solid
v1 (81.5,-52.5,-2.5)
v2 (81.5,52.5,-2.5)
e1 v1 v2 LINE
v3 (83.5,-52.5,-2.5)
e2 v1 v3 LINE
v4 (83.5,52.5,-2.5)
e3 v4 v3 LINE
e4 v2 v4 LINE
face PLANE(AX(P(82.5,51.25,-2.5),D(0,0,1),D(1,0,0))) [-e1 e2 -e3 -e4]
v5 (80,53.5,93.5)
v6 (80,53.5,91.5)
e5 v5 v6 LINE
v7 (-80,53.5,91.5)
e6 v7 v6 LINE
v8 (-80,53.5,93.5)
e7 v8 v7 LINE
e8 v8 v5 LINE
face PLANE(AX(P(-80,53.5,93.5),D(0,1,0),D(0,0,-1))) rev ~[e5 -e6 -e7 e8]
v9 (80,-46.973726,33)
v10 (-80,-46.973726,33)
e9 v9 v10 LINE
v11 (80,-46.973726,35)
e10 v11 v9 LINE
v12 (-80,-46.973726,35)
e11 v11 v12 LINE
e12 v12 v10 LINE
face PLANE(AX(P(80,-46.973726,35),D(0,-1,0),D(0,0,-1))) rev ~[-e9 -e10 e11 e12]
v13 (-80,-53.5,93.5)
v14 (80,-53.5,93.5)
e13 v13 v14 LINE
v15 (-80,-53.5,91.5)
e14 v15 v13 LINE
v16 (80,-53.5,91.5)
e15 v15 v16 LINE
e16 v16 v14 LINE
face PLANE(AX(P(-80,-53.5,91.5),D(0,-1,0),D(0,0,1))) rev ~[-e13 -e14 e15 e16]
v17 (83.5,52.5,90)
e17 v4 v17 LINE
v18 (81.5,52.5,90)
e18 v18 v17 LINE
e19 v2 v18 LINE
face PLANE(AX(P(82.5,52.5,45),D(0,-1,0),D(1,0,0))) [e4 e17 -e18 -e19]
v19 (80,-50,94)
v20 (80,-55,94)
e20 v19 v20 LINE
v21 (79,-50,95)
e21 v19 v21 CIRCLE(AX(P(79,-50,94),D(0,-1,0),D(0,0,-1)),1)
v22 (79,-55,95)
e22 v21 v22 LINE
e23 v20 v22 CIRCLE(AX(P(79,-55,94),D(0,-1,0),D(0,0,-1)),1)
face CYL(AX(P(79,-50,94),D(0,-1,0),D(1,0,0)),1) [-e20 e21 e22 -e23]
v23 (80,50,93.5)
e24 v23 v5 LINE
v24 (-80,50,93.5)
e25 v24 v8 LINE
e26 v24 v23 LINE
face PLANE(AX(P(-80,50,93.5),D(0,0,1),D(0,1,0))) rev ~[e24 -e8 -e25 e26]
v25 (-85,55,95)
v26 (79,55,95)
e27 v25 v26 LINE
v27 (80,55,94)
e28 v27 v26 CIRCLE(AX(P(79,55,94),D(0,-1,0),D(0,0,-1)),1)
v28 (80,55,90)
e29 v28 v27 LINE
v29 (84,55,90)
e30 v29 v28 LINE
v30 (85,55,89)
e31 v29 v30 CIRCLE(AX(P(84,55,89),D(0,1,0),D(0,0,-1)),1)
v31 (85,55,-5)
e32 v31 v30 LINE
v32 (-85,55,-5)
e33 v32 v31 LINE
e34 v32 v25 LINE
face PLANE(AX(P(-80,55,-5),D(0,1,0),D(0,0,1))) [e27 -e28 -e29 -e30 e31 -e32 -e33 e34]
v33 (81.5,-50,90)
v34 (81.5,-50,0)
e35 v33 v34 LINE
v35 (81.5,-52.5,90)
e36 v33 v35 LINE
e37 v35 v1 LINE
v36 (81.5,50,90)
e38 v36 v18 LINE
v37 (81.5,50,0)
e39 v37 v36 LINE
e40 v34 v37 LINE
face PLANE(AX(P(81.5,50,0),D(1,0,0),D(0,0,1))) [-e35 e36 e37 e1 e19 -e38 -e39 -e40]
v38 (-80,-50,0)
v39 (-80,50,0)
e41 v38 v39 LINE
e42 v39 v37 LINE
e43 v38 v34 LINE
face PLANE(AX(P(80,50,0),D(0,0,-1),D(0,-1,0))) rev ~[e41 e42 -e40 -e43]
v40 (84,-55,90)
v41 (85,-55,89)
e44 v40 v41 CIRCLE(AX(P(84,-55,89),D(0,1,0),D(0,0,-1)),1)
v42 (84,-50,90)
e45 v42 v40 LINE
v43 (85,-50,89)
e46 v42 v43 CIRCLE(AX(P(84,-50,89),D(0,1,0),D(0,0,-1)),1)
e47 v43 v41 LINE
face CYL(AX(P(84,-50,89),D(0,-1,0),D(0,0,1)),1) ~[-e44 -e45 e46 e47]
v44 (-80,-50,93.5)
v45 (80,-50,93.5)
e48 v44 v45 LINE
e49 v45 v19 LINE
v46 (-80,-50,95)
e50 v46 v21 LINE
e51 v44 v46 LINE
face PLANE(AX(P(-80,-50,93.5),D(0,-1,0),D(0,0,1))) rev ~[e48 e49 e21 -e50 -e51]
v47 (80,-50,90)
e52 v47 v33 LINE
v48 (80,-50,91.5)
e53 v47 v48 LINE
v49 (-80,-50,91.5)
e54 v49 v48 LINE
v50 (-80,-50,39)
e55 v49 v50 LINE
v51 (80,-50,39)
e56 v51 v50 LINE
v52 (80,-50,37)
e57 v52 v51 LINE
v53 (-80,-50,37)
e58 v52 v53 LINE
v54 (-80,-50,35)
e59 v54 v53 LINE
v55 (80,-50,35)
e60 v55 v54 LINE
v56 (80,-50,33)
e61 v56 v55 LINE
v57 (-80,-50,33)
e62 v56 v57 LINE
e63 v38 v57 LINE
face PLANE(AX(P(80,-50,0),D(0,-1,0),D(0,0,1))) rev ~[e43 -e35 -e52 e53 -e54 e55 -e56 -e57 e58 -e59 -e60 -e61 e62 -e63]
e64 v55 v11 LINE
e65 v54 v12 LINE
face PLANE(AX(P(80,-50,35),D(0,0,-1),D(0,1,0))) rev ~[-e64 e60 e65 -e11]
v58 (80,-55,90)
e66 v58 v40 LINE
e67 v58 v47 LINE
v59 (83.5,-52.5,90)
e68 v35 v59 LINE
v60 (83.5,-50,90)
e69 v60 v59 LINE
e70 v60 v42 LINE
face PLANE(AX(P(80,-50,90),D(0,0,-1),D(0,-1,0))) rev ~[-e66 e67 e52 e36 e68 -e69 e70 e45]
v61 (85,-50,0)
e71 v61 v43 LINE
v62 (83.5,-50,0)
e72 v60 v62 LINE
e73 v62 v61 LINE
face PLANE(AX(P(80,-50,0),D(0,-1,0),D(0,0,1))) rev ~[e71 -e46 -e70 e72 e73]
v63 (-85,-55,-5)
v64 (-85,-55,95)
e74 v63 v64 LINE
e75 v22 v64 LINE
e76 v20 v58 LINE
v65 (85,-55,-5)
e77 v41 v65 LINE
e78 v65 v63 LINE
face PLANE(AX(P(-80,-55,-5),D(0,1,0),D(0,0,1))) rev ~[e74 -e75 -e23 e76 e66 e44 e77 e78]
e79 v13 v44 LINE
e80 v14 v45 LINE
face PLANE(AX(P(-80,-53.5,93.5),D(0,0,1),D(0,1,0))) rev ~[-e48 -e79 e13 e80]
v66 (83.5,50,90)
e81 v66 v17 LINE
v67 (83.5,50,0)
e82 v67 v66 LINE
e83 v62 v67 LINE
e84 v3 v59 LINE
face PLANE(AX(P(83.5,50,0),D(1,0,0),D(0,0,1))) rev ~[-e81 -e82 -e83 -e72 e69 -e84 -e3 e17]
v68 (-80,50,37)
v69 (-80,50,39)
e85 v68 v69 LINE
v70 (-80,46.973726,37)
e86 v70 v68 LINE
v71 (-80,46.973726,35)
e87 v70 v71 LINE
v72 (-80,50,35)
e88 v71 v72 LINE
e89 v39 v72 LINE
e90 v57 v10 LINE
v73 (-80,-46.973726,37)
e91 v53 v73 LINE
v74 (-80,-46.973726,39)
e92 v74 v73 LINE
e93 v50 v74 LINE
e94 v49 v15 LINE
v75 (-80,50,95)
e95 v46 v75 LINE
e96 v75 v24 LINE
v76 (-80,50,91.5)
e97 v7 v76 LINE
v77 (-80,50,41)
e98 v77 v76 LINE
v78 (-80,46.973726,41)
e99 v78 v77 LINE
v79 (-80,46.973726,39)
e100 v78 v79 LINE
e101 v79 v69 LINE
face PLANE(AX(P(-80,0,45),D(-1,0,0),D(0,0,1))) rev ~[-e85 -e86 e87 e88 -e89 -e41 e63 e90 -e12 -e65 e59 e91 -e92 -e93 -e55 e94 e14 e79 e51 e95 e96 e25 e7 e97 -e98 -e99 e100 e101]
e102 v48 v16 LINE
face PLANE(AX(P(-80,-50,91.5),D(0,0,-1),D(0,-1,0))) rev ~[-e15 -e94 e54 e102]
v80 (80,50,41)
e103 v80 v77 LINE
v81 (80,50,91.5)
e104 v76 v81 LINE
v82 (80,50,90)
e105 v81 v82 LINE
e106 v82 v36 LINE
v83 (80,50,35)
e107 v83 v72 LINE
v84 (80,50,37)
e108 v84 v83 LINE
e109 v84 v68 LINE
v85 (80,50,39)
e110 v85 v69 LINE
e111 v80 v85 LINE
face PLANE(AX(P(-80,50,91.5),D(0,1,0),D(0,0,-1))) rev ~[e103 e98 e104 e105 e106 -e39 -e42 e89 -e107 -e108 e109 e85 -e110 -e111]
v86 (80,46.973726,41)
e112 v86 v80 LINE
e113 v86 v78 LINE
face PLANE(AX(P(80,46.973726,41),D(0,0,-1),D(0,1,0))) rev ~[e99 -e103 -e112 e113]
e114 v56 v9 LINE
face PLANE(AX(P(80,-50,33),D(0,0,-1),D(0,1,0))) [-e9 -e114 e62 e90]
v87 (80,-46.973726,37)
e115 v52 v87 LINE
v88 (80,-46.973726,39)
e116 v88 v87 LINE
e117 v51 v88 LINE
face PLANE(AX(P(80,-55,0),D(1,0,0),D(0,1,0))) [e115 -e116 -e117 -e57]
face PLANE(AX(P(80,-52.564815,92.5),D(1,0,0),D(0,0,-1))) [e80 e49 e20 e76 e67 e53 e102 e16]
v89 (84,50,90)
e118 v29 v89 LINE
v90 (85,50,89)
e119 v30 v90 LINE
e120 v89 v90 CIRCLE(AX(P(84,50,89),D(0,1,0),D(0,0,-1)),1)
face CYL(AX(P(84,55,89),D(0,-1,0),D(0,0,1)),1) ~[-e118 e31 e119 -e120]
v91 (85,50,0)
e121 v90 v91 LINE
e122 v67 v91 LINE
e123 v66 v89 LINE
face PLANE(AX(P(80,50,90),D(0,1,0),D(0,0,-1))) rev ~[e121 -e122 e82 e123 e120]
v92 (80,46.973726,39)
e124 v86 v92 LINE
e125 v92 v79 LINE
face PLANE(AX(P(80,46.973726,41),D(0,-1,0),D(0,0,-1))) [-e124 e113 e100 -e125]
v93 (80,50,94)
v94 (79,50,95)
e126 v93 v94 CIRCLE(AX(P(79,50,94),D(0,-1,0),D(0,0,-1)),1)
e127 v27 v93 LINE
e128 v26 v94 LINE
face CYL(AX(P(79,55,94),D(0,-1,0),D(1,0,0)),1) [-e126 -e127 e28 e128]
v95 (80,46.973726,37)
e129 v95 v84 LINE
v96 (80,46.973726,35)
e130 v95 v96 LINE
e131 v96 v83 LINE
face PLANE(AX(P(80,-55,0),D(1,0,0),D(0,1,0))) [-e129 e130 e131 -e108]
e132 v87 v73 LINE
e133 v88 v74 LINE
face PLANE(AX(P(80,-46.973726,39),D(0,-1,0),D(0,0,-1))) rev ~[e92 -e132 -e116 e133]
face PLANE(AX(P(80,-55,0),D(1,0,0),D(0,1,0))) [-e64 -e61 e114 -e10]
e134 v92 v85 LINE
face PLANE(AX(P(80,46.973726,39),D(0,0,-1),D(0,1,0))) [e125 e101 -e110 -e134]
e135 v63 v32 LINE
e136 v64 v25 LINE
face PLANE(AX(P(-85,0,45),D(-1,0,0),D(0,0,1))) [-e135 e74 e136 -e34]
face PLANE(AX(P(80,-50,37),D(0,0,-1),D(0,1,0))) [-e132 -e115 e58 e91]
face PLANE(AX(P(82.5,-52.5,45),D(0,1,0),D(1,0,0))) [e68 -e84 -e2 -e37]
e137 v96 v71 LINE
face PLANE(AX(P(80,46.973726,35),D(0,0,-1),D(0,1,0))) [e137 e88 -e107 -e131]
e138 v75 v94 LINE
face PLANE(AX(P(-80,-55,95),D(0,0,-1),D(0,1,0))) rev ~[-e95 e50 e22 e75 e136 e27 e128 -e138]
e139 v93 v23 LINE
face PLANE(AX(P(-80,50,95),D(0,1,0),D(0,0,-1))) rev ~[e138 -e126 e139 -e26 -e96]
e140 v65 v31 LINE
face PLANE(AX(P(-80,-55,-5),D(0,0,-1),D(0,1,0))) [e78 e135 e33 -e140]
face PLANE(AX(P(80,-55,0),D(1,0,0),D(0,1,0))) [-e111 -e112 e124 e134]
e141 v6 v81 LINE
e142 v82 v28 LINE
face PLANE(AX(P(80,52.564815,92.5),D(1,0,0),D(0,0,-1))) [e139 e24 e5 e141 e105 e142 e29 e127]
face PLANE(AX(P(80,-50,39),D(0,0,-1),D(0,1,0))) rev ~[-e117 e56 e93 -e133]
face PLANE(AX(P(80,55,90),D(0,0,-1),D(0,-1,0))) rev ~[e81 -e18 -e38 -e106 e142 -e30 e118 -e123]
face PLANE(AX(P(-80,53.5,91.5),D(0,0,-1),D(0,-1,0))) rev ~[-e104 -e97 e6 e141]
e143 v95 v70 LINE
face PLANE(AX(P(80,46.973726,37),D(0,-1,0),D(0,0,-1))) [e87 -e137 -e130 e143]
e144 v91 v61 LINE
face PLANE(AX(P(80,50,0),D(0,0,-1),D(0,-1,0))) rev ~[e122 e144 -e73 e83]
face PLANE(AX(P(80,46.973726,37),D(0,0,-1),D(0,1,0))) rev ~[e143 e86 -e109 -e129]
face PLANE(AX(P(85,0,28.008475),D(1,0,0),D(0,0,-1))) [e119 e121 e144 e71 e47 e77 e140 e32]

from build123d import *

# Parameters (mm, degrees)
BOSS_EXTRUDE1_DEPTH   = 90
BOSS_EXTRUDE1_2_DEPTH = 90
SKETCH3_W             = 2
SKETCH3_H             = 3.026273801
EXTRUDE_THIN1_DEPTH   = 160
SKETCH5_W             = 160
SKETCH5_H             = 110
BOSS_EXTRUDE2_DEPTH   = 5
BOSS_EXTRUDE3_DEPTH   = 5
SKETCH7_W             = 2
SKETCH7_H             = 100
CUT_EXTRUDE1_DEPTH    = 2.5
SKETCH8_W             = 2
SKETCH8_H             = 90
CUT_EXTRUDE2_DEPTH    = 2.5
SKETCH9_W             = 2
SKETCH9_H             = 90
CUT_EXTRUDE3_DEPTH    = 2.5
SKETCH10_W            = 2
SKETCH10_H            = 2.5
CUT_EXTRUDE4_DEPTH    = 2.5
BOSS_EXTRUDE4_DEPTH   = 160
SKETCH12_W            = 100
SKETCH12_H            = 110
BOSS_EXTRUDE5_DEPTH   = 5
FILLET1_R             = 1


with BuildPart() as part:
    # Sketch2 → Boss-Extrude1 (new body)
    with BuildSketch(Plane.XY):
        Polygon((80, 55), (-80, 55), (-80, 50), (-75, 50), (75, 50), (80, 50), align=None)
    extrude(amount=BOSS_EXTRUDE1_DEPTH)



with BuildPart() as body_2:
    # Sketch2 → Boss-Extrude1 2 (new body)
    with BuildSketch(Plane.XY):
        Polygon((-75, -50), (-80, -50), (-80, -55), (80, -55), (80, -50), (75, -50), align=None)
    extrude(amount=BOSS_EXTRUDE1_2_DEPTH)


with BuildPart() as part_1:
    add(part.part)

    add(body_2.part)  # Extrude-Thin1 merges body 2
    # Sketch3 → Extrude-Thin1 (add)
    with BuildSketch(Plane(origin=(80, 0, 0), x_dir=(0, 0, -1), z_dir=(1, 0, 0))):
        with Locations((-36, 48.486863099)):
            Rectangle(SKETCH3_W, SKETCH3_H)
        with Locations((-34, -48.486863099)):
            Rectangle(SKETCH3_W, SKETCH3_H)
        with Locations((-40, 48.486863099)):
            Rectangle(SKETCH3_W, SKETCH3_H)
        with Locations((-38, -48.486863099)):
            Rectangle(SKETCH3_W, SKETCH3_H)
    extrude(amount=-EXTRUDE_THIN1_DEPTH)

    # Sketch5 → Boss-Extrude2 (add)
    with BuildSketch(Plane(origin=(0, 0, 0), x_dir=(-1, 0, 0), z_dir=(0, 0, -1))):
        Rectangle(SKETCH5_W, SKETCH5_H)
    extrude(amount=BOSS_EXTRUDE2_DEPTH)

    # Sketch6 → Boss-Extrude3 (add)
    with BuildSketch(Plane(origin=(80, 0, 0), x_dir=(0, 0, -1), z_dir=(1, 0, 0))):
        Polygon((-90, 55), (-90, 50), (0, 50), (0, -50), (-90, -50), (-90, -55), (5, -55), (5, 55), align=None)
    extrude(amount=BOSS_EXTRUDE3_DEPTH)

    # Sketch7 → Cut-Extrude1 (cut)
    with BuildSketch(Plane.XY):
        with Locations((82.5, 0)):
            Rectangle(SKETCH7_W, SKETCH7_H)
    extrude(amount=-CUT_EXTRUDE1_DEPTH, mode=Mode.SUBTRACT)

    # Sketch8 → Cut-Extrude2 (cut)
    with BuildSketch(Plane.XZ.offset(-50)):
        with Locations((82.5, 45)):
            Rectangle(SKETCH8_W, SKETCH8_H)
    extrude(amount=-CUT_EXTRUDE2_DEPTH, mode=Mode.SUBTRACT)

    # Sketch9 → Cut-Extrude3 (cut)
    with BuildSketch(Plane(origin=(0, -50, 0), x_dir=(1, 0, 0), z_dir=(0, 1, 0))):
        with Locations((82.5, -45)):
            Rectangle(SKETCH9_W, SKETCH9_H)
    extrude(amount=-CUT_EXTRUDE3_DEPTH, mode=Mode.SUBTRACT)

    # Sketch10 → Cut-Extrude4 (cut)
    with BuildSketch(Plane.XY):
        with Locations((82.5, 51.25)):
            Rectangle(SKETCH10_W, SKETCH10_H)
        with Locations((82.5, -51.25)):
            Rectangle(SKETCH10_W, SKETCH10_H)
    extrude(amount=-CUT_EXTRUDE4_DEPTH, mode=Mode.SUBTRACT)

    # Sketch11 → Boss-Extrude4 (add)
    with BuildSketch(Plane.ZY.offset(80)):
        Polygon((90, 50), (90, 55), (95, 55), (95, 50), (93.5, 50), (93.5, 53.5), (91.5, 53.5), (91.5, 50), align=None)
        Polygon((91.5, -53.5), (93.5, -53.5), (93.5, -50), (95, -50), (95, -55), (90, -55), (90, -50), (91.5, -50), align=None)
    extrude(amount=-BOSS_EXTRUDE4_DEPTH)

    # Sketch12 → Boss-Extrude5 (add)
    with BuildSketch(Plane.ZY.offset(80)):
        with Locations((45, 0)):
            Rectangle(SKETCH12_W, SKETCH12_H)
    extrude(amount=BOSS_EXTRUDE5_DEPTH)

    # Fillet1
    fillet1_edges = [part_1.edges().sort_by_distance(p)[0] for p in [
        (80, 52.5, 95),
        (80, -52.5, 95),
        (85, 52.5, 90),
        (85, -52.5, 90),
    ]]
    fillet(fillet1_edges, radius=FILLET1_R)


solid = part_1.part
